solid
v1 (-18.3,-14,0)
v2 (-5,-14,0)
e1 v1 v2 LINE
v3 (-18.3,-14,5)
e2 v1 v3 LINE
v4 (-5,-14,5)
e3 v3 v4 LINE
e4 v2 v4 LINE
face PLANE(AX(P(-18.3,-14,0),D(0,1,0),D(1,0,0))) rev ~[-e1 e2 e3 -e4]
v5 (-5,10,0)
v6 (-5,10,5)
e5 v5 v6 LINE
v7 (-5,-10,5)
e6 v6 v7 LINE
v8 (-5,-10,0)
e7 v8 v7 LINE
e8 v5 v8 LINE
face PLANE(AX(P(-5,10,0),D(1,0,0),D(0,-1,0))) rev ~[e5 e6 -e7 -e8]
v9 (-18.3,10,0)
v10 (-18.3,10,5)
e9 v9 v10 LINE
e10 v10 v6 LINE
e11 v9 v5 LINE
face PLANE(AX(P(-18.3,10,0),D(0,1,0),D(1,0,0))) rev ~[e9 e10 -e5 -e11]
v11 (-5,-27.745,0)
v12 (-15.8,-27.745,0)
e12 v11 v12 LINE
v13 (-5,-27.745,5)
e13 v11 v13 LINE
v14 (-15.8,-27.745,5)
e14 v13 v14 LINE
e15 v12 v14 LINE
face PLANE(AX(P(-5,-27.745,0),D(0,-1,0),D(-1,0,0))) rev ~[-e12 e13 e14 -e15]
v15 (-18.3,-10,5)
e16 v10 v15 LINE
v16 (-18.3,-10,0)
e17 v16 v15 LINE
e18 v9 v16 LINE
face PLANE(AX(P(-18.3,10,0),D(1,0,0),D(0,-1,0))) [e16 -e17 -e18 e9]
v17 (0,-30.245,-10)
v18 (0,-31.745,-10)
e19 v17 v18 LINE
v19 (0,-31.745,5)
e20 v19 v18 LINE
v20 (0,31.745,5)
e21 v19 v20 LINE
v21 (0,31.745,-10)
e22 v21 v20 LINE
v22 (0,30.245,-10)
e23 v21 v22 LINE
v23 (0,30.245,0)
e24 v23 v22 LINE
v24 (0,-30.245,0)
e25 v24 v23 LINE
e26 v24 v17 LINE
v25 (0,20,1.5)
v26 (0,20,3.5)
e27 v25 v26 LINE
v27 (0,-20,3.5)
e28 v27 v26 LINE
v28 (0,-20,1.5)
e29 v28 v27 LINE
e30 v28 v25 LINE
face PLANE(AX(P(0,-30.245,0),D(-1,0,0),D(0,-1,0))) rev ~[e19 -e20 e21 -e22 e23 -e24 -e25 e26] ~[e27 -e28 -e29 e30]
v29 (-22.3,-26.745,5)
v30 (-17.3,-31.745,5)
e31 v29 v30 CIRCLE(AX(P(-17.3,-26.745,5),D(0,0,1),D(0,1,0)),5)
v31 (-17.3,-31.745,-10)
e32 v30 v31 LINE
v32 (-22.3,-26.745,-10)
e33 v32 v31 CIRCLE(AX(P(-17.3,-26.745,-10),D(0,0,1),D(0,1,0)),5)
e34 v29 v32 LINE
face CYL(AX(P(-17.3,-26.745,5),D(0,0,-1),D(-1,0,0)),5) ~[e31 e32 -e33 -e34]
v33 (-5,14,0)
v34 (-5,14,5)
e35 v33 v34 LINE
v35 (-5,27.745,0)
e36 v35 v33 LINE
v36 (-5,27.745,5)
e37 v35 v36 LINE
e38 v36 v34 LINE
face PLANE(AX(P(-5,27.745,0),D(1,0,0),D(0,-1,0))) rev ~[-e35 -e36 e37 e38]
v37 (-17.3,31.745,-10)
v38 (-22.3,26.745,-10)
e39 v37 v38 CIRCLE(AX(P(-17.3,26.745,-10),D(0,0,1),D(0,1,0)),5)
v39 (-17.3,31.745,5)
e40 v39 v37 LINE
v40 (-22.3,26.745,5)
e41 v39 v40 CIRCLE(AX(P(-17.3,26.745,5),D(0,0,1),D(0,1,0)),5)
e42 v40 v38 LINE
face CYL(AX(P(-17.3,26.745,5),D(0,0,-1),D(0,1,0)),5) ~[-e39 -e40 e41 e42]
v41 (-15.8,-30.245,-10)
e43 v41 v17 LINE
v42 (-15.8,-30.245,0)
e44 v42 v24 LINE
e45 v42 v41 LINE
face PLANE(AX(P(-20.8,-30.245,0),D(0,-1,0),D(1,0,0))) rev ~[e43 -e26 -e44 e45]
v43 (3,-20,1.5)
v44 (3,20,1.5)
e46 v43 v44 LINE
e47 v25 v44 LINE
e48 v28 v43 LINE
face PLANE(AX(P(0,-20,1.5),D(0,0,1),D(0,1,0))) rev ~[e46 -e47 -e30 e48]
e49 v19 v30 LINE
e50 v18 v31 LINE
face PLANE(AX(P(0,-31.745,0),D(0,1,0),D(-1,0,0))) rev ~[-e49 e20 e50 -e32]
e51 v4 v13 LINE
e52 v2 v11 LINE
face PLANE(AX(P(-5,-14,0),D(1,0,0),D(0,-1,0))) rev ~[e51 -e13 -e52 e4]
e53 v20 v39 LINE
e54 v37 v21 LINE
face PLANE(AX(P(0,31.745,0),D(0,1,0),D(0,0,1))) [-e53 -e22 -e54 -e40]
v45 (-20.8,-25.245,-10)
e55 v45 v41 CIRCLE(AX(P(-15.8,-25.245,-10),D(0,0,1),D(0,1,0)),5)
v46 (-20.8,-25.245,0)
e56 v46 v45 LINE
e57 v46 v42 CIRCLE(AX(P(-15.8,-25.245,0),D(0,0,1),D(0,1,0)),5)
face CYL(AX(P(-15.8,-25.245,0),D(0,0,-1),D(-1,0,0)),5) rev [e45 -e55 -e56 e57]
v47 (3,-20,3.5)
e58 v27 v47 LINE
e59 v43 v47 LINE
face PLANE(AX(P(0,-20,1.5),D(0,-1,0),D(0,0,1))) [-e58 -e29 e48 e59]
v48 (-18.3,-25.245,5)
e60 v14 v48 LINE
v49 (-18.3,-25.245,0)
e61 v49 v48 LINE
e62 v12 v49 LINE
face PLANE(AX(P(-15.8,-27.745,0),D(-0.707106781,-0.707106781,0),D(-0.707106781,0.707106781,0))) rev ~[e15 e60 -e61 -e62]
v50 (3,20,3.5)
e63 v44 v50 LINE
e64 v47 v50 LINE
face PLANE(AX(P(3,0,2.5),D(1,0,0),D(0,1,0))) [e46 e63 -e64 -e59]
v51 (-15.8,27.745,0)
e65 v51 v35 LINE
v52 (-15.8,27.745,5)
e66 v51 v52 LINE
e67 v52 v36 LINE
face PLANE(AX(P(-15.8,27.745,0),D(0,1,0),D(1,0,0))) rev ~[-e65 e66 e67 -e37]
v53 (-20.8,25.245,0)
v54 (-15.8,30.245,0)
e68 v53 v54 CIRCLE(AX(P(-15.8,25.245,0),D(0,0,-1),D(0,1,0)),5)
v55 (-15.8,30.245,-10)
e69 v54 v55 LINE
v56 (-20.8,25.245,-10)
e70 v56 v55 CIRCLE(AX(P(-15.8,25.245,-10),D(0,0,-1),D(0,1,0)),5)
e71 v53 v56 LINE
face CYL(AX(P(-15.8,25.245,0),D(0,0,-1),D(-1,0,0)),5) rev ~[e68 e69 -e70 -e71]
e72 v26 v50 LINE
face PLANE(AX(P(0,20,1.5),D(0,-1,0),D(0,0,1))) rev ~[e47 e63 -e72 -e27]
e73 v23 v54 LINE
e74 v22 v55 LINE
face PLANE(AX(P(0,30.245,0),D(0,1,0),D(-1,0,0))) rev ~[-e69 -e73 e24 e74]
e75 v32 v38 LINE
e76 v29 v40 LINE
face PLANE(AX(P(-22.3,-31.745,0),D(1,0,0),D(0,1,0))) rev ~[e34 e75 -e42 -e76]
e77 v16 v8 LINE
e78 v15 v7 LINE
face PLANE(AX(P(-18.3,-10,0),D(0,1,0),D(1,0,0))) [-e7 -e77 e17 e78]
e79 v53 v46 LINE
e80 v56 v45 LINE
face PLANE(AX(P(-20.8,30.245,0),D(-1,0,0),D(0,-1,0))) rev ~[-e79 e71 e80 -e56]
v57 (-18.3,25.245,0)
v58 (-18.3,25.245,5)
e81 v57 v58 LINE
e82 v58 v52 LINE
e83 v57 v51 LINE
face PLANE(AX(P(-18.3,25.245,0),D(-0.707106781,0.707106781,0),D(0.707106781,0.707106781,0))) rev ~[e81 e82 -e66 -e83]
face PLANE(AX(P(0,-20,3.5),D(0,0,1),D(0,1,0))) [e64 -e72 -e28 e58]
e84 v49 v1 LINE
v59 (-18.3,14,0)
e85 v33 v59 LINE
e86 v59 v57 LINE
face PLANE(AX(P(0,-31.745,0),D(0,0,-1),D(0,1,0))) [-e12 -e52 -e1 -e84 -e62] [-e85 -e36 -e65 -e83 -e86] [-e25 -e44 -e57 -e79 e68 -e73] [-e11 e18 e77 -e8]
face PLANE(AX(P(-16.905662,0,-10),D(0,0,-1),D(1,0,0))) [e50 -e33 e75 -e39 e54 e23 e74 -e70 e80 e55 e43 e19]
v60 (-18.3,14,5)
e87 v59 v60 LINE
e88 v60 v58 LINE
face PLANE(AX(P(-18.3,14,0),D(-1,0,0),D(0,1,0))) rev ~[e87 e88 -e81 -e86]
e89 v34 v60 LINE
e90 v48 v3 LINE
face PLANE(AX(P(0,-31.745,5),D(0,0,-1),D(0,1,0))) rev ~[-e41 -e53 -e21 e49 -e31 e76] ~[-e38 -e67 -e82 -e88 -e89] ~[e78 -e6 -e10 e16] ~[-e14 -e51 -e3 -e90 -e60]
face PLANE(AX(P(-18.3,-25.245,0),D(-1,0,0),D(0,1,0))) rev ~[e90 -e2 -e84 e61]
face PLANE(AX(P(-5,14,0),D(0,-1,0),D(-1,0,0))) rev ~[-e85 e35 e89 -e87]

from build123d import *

# Parameters (mm, degrees)
F0_W     = 63.49
F0_H     = 5
F1_DEPTH = 22.3
F2_W     = 40
F2_H     = 2
F3_DEPTH = 3
F5_DEPTH = 10
F6_R     = 5
F7_W     = 13.3
F7_H     = 20
F8_DEPTH = 25


with BuildPart() as f1:
    # F0 (on Right) → F1 (new body)
    with BuildSketch(Plane.YZ):
        with Locations((0, 2.5)):
            Rectangle(F0_W, F0_H)
    extrude(amount=-F1_DEPTH)

    # F2 (on face) → F3 (join)
    with BuildSketch(Plane.YZ):
        with Locations((0, 2.5)):
            Rectangle(F2_W, F2_H)
    extrude(amount=F3_DEPTH)

    # F4 (on face) → F5 (join)
    with BuildSketch(Plane(origin=(0, 0, 0), x_dir=(1, 0, 0), z_dir=(0, 0, -1))):
        Polygon((0, 30.245), (0, 31.745), (-22.3, 31.745), (-22.3, -31.745), (0, -31.745), (0, -30.245), (-20.8, -30.245), (-20.8, 30.245), align=None)
    extrude(amount=F5_DEPTH)

    # F6
    f6_edges = [f1.edges().sort_by_distance(p)[0] for p in [
        (-22.3, -31.745, -2.5),
        (-22.3, 31.745, -2.5),
        (-20.8, 30.245, -5),
        (-20.8, -30.245, -5),
    ]]
    fillet(f6_edges, radius=F6_R)

    # F7 (on face) → F8 (cut)
    with BuildSketch(Plane(origin=(0, 0, 0), x_dir=(1, 0, 0), z_dir=(0, 0, -1))):
        with Locations((-11.65, 0)):
            Rectangle(F7_W, F7_H)
        Polygon((-18.3, 14), (-5, 14), (-5, 27.745), (-15.8, 27.745), (-18.3, 25.245), align=None)
        Polygon((-5, -27.745), (-5, -14), (-18.3, -14), (-18.3, -25.245), (-15.8, -27.745), align=None)
    extrude(amount=-F8_DEPTH, mode=Mode.SUBTRACT)


solid = f1.part
